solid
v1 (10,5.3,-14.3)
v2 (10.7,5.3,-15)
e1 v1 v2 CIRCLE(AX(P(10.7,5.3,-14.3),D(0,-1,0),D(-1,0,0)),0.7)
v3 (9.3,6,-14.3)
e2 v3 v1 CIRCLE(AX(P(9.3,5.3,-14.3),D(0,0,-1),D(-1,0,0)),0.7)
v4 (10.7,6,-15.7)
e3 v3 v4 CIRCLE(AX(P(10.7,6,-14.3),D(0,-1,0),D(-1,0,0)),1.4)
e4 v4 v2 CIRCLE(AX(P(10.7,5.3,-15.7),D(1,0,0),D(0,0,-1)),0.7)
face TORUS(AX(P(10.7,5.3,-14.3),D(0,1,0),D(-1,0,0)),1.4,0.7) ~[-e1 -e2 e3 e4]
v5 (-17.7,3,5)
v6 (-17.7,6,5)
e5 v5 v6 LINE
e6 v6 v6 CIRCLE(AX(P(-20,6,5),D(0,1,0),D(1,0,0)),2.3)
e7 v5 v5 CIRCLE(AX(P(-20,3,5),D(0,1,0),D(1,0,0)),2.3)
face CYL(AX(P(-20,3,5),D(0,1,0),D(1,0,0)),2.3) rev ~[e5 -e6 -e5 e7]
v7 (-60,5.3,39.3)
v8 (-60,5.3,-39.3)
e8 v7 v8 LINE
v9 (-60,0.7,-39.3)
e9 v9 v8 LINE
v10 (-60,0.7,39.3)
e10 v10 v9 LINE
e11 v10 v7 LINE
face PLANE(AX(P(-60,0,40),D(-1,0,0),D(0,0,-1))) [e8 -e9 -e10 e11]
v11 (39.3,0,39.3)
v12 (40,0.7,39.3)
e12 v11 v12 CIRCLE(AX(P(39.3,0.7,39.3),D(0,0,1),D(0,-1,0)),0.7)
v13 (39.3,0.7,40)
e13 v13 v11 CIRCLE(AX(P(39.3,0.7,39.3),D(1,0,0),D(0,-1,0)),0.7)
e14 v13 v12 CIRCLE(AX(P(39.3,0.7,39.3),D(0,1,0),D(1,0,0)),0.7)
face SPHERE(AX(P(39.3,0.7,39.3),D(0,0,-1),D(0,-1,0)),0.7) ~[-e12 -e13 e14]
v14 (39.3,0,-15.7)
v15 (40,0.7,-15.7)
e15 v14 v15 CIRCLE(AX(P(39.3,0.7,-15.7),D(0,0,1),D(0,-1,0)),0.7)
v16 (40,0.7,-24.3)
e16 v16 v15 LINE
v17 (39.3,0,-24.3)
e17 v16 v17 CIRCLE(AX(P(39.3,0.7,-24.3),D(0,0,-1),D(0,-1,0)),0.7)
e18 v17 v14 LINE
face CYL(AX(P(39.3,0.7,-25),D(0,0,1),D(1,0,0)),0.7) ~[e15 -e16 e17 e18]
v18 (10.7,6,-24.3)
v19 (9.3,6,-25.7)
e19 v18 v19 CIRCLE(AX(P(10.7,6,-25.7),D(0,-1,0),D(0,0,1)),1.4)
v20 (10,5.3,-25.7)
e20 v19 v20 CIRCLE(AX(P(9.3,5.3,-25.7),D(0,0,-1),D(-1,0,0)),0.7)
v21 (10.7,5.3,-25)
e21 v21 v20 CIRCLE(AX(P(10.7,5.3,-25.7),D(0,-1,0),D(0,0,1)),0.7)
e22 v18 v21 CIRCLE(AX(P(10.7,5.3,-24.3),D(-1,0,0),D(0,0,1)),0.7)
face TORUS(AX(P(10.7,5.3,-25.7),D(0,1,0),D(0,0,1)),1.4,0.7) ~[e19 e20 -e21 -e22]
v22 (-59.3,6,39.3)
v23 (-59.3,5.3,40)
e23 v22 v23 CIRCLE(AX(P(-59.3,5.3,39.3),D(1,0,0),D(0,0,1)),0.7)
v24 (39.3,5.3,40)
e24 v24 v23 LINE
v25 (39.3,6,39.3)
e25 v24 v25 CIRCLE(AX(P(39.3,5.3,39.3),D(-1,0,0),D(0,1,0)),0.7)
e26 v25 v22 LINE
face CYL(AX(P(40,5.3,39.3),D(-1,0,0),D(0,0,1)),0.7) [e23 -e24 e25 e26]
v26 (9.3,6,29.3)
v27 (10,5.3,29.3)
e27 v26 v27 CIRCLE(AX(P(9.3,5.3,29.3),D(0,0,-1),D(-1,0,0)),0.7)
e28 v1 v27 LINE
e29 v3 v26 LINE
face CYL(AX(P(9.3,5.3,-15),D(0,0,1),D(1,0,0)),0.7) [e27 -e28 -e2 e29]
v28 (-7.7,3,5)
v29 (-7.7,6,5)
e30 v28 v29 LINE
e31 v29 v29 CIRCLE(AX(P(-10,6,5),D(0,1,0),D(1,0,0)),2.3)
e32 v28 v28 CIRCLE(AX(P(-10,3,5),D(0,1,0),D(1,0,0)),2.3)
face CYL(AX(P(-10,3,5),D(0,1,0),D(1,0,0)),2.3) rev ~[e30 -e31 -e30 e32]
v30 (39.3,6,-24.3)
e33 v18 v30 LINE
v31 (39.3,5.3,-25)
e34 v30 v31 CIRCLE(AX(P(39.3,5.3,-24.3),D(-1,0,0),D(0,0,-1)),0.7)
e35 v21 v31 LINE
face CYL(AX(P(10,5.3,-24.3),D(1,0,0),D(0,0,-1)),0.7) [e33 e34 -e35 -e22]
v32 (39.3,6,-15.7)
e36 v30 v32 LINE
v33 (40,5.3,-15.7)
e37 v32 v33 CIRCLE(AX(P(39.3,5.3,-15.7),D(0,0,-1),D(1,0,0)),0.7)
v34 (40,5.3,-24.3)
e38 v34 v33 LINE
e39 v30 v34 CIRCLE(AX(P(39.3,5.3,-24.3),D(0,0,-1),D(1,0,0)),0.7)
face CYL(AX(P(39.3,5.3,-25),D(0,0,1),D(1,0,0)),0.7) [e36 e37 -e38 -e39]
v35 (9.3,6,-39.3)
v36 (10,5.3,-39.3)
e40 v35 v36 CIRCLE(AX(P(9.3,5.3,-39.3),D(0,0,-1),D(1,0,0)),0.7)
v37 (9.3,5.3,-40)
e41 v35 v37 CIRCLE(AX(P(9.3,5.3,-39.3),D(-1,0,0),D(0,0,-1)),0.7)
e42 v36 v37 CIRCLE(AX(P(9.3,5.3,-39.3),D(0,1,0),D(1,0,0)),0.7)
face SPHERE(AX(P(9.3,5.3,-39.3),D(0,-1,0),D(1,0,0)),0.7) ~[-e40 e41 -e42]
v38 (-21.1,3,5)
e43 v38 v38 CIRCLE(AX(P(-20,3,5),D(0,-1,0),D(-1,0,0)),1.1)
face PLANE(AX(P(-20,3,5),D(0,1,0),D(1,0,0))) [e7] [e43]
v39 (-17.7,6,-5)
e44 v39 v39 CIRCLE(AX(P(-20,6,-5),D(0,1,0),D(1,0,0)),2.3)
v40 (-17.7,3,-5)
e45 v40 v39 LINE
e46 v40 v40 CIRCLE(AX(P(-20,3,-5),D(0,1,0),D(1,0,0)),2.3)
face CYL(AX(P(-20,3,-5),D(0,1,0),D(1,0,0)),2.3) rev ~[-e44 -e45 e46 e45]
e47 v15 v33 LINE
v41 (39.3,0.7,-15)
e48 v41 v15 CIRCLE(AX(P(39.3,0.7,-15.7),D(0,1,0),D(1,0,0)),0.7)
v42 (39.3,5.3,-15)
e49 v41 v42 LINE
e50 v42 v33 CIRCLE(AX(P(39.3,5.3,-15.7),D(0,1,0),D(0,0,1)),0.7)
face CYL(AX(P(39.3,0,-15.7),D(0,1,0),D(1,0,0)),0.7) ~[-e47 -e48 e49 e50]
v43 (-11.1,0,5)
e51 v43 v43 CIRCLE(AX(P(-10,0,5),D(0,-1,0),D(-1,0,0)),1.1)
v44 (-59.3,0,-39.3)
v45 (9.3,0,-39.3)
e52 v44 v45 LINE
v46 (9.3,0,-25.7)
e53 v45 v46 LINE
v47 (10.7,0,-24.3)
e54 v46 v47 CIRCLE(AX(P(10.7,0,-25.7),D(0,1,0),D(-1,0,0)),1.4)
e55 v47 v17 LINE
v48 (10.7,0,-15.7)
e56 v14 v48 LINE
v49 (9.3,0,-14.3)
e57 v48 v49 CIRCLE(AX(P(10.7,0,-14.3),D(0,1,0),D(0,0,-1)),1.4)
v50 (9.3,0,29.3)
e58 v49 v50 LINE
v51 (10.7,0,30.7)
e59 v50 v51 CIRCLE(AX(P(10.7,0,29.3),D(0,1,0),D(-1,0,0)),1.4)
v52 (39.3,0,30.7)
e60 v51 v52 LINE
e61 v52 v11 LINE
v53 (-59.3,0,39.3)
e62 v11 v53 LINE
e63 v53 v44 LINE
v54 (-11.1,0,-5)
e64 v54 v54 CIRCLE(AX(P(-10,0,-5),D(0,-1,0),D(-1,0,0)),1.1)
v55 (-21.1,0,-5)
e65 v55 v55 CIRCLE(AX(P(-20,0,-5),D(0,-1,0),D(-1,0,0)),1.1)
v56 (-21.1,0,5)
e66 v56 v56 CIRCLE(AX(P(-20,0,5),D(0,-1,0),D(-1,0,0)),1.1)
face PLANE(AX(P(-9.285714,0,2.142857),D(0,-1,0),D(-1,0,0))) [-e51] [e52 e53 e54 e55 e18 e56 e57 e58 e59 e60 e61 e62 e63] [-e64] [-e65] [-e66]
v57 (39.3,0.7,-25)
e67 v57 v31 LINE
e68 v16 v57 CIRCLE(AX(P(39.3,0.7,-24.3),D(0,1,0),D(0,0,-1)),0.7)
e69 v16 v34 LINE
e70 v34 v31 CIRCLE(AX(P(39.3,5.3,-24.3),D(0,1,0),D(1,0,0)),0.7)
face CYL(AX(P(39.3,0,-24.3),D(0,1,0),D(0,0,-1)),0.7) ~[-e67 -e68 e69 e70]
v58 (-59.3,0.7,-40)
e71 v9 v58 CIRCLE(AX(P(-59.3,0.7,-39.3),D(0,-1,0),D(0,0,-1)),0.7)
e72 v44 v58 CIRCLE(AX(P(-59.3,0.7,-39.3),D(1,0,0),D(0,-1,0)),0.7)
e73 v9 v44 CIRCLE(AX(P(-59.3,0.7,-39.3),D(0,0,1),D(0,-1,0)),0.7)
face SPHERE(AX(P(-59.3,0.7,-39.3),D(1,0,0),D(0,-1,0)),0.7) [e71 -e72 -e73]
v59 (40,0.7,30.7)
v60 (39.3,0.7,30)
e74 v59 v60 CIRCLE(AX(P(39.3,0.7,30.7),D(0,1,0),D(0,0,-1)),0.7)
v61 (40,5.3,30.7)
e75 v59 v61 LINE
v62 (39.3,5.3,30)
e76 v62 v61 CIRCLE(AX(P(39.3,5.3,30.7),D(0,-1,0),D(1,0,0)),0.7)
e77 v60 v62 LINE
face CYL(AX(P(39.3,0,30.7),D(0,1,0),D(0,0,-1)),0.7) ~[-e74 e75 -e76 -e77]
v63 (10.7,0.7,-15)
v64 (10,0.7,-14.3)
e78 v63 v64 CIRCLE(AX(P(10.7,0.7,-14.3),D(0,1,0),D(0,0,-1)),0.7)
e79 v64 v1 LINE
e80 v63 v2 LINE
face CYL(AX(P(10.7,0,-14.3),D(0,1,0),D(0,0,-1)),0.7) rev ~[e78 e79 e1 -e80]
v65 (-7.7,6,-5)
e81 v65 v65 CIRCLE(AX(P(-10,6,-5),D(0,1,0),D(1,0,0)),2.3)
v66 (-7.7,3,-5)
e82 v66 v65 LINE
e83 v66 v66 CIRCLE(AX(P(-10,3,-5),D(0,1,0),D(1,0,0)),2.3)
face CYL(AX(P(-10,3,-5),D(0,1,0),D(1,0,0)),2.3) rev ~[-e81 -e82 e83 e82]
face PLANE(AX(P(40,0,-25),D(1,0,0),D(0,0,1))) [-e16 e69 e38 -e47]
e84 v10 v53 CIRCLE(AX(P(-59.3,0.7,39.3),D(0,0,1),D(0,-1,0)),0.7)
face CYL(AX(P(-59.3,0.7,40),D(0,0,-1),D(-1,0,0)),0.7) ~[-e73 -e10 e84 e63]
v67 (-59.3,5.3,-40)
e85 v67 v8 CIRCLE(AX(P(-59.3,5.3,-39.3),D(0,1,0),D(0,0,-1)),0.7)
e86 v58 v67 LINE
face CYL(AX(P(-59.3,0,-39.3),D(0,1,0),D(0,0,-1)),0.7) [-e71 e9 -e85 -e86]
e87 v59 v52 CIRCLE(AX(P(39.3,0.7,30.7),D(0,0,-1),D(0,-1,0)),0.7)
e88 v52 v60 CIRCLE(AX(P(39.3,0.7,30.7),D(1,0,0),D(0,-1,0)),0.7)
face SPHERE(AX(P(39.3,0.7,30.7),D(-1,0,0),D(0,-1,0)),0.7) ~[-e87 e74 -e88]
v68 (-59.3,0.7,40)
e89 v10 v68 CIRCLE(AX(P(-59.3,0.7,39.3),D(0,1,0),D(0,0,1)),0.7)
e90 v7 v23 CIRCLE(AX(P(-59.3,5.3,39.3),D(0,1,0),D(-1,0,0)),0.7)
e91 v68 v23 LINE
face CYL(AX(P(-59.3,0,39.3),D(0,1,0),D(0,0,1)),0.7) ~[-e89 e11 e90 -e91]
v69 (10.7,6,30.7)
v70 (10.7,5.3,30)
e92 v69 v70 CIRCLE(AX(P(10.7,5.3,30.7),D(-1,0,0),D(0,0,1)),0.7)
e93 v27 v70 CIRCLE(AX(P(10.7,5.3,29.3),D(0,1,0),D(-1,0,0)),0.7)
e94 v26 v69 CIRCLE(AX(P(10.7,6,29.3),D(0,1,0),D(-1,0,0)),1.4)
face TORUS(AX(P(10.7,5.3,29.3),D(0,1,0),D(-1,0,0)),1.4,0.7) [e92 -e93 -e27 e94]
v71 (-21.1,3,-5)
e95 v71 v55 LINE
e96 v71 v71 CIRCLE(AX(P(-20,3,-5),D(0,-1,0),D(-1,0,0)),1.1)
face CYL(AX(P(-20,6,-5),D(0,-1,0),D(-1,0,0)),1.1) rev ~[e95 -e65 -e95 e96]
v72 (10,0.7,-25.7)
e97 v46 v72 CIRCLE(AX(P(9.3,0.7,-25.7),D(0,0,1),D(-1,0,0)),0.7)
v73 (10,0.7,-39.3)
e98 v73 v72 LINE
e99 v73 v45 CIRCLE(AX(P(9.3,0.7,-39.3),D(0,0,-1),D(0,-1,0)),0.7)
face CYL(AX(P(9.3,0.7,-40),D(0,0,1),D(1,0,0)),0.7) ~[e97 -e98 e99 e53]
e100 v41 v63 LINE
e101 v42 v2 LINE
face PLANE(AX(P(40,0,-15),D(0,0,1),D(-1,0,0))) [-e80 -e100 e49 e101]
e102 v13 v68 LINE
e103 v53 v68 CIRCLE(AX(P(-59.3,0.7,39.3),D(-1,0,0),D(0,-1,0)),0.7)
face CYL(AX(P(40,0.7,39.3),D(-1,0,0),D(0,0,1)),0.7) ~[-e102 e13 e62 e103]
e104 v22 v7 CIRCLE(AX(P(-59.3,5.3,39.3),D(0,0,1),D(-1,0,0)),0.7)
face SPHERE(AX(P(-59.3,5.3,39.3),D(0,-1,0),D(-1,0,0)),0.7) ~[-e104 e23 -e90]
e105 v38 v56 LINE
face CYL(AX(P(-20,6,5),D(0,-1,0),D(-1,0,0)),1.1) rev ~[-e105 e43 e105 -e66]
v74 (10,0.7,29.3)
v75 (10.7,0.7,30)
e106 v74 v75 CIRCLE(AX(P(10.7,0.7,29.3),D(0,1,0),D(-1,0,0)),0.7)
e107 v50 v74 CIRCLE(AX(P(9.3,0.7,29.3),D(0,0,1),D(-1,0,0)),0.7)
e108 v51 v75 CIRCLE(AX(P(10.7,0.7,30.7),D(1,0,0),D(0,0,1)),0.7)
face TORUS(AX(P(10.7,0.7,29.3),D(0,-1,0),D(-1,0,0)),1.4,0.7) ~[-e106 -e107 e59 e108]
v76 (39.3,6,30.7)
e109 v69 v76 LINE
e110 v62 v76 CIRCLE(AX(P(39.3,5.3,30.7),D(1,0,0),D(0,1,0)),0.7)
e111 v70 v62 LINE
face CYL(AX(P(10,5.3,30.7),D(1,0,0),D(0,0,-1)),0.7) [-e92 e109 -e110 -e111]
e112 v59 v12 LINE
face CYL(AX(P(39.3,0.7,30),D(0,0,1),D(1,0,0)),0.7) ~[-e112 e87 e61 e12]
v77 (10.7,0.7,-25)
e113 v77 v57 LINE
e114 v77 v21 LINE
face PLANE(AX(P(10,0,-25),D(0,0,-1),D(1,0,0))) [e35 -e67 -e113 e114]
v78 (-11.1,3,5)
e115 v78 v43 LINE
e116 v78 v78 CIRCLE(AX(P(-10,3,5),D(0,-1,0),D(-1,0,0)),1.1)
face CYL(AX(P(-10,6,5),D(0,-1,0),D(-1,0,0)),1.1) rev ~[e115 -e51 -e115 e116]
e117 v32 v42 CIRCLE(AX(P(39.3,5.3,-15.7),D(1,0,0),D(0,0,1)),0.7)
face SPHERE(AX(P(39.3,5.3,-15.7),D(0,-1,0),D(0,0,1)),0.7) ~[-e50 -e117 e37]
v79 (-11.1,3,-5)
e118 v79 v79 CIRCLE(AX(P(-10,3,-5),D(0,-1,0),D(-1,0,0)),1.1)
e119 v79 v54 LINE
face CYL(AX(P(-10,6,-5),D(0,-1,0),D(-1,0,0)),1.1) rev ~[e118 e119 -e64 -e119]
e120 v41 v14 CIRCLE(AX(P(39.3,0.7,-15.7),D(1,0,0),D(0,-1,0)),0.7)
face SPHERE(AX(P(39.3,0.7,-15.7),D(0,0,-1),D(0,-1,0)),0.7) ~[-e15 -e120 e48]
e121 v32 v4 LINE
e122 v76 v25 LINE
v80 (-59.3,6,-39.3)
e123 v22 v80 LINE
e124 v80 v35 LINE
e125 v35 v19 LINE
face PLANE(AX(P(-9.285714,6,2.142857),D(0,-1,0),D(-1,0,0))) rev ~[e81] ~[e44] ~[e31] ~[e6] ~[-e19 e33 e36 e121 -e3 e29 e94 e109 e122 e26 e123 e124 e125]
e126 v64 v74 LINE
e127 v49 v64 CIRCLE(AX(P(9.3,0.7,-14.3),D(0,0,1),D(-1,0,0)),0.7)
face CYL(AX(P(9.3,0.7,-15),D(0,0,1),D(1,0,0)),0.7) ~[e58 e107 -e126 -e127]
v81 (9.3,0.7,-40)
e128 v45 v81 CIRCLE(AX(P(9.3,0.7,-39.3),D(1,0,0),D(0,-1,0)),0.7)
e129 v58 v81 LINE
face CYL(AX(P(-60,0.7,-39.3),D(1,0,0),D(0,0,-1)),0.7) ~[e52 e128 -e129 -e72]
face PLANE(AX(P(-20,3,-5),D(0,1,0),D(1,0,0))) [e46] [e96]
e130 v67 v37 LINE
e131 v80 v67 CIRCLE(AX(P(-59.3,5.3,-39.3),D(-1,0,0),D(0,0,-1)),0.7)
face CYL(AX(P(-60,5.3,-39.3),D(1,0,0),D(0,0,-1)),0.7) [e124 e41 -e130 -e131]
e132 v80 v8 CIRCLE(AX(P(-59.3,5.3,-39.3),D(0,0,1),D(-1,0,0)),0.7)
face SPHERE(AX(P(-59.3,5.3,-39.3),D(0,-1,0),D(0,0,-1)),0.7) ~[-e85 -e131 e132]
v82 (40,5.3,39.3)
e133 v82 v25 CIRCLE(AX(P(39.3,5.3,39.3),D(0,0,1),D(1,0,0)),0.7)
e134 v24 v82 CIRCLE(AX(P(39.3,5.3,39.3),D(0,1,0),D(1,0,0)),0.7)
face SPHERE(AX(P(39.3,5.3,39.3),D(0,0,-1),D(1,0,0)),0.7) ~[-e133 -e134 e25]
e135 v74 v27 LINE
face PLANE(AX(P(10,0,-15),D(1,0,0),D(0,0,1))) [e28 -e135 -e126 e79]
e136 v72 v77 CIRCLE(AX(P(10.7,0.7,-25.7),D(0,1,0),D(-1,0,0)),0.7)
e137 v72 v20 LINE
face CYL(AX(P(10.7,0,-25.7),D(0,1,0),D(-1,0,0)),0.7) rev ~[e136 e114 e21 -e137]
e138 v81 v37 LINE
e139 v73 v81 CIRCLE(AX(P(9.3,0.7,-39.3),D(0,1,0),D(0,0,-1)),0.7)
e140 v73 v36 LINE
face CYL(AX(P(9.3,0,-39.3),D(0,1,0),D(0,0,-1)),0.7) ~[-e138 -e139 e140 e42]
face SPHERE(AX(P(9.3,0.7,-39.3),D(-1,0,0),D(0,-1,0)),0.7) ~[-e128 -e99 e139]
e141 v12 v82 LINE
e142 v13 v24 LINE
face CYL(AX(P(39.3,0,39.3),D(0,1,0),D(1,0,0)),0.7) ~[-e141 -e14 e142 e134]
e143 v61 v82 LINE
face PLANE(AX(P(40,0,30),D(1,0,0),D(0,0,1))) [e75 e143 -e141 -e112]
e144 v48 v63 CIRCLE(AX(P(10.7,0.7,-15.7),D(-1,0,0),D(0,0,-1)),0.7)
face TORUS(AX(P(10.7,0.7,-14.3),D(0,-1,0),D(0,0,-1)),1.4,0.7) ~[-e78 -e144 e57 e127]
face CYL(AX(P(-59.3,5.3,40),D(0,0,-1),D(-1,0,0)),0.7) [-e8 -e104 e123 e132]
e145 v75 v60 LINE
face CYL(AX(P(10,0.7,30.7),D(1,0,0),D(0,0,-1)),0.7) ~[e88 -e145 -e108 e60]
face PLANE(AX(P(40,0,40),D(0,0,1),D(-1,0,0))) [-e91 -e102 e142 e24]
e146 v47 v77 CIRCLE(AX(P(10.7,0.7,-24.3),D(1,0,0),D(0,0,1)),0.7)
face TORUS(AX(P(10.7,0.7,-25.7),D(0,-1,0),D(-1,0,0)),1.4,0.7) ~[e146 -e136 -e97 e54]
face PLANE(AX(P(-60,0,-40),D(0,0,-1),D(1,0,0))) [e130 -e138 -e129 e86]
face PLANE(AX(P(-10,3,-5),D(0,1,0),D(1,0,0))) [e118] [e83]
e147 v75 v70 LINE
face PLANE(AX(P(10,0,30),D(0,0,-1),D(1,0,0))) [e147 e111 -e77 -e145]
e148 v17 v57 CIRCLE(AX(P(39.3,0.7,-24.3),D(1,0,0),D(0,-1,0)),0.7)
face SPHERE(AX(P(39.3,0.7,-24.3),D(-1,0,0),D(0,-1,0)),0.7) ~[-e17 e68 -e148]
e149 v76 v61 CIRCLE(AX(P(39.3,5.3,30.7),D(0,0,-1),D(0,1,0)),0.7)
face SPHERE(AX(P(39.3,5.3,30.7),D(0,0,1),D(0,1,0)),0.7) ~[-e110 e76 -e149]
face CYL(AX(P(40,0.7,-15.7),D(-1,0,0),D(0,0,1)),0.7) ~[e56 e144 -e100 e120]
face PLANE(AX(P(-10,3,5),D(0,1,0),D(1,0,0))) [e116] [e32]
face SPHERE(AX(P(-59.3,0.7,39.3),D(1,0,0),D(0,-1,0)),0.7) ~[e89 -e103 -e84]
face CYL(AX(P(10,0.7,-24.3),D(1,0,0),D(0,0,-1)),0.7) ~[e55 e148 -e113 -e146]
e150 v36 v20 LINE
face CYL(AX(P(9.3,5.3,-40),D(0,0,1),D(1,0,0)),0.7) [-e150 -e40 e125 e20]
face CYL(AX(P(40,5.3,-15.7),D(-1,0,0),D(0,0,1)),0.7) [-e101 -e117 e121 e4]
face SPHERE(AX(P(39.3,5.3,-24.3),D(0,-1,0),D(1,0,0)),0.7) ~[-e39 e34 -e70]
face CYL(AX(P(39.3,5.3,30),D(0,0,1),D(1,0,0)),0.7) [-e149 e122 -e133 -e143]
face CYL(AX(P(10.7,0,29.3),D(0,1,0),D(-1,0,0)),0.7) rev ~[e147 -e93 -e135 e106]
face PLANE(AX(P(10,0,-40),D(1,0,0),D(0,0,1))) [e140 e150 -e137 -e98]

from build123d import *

# Parameters (mm, degrees)
EXTRUDE_1_DEPTH              = 6
FILLET_2_R                   = 0.7
HOLE_WIZARD_M2_1_D           = 2.2
HOLE_WIZARD_M2_1_CBORE_D     = 4.6
HOLE_WIZARD_M2_1_CBORE_DEPTH = 3


with BuildPart() as part:
    # 草图1 → 凸台-拉伸1 (new body)
    with BuildSketch(Plane(origin=(0, 0, 0), x_dir=(1, 0, 0), z_dir=(0, 1, 0))):
        Polygon((-60, 40), (10, 40), (10, 25), (40, 25), (40, 15), (10, 15), (10, -30), (40, -30), (40, -40), (-60, -40), align=None)
    extrude(amount=EXTRUDE_1_DEPTH)

    # 圆角2
    fillet_2_edges = [part.edges().sort_by_distance(p)[0] for p in [
        (-25, 0, -40),
        (10, 0, -32.5),
        (25, 0, -25),
        (40, 0, -20),
        (25, 0, -15),
        (10, 0, 7.5),
        (25, 0, 30),
        (40, 6, 35),
        (40, 0, 35),
        (-10, 0, 40),
        (-60, 0, 0),
        (25, 6, 30),
        (-60, 3, -40),
        (10, 3, -40),
        (10, 3, -25),
        (40, 3, -25),
        (40, 3, -15),
        (10, 3, -15),
        (10, 3, 30),
        (40, 3, 30),
        (40, 3, 40),
        (-60, 3, 40),
        (10, 6, 7.5),
        (25, 6, -15),
        (40, 6, -20),
        (25, 6, -25),
        (10, 6, -32.5),
        (-25, 6, -40),
        (-60, 6, 0),
        (-10, 6, 40),
    ]]
    fillet(fillet_2_edges, radius=FILLET_2_R)

    # M2 六角头机械螺钉的柱形沉头孔1 (through all)
    with Locations(Plane(origin=(0, 6, 0), x_dir=(1, 0, 0), z_dir=(0, 1, 0))):
        with Locations((-20, 5), (-10, 5), (-10, -5), (-20, -5)):
            CounterBoreHole(HOLE_WIZARD_M2_1_D / 2, HOLE_WIZARD_M2_1_CBORE_D / 2, HOLE_WIZARD_M2_1_CBORE_DEPTH)


solid = part.part
